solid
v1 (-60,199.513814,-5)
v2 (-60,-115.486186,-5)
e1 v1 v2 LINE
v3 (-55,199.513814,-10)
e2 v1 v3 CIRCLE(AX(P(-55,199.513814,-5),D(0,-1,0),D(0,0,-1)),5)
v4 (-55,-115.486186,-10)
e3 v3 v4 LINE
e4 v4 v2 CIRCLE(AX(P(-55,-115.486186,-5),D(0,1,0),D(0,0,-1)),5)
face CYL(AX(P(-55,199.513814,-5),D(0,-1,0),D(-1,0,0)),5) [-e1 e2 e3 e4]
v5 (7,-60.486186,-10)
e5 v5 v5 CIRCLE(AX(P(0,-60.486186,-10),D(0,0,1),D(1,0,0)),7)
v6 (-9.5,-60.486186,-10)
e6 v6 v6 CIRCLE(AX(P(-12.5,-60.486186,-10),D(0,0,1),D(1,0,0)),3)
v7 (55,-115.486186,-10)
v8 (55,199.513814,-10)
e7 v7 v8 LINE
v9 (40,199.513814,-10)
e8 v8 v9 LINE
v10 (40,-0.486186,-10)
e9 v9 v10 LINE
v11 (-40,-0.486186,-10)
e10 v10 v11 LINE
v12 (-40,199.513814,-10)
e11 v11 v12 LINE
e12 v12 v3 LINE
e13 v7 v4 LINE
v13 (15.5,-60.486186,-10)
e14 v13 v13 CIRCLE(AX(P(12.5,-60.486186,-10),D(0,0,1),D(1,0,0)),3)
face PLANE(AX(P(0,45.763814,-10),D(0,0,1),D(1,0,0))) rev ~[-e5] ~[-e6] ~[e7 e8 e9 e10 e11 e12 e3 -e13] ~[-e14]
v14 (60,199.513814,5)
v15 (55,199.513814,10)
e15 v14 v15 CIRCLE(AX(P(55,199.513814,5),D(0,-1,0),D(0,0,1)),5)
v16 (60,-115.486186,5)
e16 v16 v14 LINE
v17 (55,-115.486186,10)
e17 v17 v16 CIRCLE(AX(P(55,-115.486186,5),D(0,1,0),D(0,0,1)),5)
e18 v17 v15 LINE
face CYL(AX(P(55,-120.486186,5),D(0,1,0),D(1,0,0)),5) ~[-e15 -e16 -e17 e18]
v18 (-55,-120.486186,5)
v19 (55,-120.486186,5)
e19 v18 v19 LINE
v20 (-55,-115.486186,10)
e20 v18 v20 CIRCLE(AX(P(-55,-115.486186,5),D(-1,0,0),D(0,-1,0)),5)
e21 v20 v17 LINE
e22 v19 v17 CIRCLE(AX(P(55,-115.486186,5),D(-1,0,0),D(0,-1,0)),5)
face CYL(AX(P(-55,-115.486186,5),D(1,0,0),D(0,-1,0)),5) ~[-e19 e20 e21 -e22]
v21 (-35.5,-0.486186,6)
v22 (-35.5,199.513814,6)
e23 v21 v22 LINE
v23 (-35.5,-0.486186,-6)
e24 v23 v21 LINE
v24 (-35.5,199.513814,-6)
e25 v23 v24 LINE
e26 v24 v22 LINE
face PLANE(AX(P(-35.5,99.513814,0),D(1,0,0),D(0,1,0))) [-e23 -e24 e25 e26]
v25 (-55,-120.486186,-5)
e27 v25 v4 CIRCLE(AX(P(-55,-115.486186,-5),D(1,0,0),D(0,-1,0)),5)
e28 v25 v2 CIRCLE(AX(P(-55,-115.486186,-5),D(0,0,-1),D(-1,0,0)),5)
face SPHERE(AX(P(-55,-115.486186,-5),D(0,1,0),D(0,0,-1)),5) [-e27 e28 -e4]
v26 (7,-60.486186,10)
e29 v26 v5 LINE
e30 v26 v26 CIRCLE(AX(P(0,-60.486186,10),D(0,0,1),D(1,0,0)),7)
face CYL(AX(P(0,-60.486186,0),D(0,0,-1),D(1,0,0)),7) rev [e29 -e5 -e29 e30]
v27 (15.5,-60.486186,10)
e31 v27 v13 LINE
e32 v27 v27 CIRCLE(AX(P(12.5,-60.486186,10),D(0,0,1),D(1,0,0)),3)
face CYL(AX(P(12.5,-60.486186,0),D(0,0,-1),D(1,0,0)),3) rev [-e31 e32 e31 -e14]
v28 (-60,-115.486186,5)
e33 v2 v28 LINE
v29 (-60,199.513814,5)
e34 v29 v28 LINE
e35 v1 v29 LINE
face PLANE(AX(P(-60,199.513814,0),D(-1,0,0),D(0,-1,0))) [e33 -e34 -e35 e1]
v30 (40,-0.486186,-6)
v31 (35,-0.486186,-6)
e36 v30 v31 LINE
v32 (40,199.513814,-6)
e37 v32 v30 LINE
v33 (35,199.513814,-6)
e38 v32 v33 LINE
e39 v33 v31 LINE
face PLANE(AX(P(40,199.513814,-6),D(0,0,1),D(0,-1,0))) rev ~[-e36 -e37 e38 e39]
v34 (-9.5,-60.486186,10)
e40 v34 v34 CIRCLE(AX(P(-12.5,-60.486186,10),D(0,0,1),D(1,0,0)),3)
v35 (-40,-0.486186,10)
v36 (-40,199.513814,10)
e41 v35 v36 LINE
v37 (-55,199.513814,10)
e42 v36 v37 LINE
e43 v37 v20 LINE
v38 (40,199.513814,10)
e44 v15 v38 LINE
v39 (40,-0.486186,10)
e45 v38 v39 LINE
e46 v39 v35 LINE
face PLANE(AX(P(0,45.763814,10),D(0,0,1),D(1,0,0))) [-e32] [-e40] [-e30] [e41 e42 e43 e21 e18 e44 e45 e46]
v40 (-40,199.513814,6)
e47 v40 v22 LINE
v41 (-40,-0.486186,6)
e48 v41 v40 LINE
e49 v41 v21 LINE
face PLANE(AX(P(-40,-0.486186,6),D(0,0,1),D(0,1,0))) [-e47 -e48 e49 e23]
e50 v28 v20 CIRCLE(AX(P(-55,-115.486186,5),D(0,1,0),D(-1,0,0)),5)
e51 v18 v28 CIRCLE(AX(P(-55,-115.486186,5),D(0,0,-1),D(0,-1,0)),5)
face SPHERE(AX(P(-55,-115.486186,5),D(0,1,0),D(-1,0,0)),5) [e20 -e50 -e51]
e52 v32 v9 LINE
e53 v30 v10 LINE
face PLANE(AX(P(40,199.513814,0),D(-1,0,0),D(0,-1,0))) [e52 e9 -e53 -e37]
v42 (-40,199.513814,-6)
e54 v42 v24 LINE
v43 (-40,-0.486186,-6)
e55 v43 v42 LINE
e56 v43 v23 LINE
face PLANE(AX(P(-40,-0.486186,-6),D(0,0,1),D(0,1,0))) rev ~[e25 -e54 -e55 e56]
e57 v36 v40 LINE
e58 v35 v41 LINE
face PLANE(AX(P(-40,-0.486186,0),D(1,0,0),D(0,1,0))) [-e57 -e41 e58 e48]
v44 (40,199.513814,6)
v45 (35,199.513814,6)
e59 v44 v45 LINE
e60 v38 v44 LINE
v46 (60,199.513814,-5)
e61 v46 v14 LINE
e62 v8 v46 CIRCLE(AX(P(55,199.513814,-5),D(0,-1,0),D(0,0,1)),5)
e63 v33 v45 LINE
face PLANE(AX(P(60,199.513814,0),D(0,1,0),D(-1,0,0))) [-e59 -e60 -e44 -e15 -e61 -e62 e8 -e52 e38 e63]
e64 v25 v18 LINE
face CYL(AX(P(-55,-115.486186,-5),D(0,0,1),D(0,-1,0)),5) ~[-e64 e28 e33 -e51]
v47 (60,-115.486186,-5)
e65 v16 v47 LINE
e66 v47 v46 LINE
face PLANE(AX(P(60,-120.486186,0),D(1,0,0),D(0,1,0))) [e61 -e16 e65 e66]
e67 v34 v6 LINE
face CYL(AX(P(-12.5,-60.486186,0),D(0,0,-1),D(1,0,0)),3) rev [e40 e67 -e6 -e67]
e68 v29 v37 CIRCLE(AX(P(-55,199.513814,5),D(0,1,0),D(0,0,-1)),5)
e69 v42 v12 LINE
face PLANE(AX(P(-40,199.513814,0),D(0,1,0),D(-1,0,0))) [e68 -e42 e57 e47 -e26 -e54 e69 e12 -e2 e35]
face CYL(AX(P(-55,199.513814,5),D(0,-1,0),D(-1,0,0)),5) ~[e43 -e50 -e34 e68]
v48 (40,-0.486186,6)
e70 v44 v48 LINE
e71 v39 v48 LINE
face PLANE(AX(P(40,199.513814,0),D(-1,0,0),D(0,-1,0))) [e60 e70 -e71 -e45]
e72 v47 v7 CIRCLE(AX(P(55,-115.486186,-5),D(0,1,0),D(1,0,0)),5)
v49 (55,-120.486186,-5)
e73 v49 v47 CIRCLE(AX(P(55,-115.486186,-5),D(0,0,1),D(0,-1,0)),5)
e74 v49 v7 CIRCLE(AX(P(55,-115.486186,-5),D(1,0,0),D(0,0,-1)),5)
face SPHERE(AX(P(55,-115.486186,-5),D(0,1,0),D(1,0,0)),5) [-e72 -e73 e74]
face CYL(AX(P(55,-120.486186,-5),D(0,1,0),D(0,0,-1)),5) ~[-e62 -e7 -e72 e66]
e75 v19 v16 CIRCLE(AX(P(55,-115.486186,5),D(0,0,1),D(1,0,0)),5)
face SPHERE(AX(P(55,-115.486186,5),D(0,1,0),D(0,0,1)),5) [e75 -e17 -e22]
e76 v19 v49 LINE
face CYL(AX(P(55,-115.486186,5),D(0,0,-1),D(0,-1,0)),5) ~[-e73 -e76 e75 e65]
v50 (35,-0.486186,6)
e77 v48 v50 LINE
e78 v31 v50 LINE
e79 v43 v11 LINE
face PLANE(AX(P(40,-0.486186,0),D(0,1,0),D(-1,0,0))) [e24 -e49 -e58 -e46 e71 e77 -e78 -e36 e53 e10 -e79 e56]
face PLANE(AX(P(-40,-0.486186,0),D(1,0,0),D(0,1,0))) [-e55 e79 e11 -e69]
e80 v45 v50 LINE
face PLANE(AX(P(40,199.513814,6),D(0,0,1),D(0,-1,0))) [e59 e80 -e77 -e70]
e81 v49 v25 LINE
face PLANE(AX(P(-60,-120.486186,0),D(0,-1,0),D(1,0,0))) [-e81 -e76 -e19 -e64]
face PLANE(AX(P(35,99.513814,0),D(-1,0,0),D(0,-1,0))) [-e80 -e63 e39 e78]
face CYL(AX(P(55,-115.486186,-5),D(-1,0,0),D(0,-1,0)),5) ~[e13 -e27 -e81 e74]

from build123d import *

# Parameters (mm, degrees)
F0_R     = 3
F0_R_2   = 7
F1_DEPTH = 10
F2_W     = 200
F2_H     = 12
F3_DEPTH = 4.5
F4_W     = 200
F4_H     = 12
F5_DEPTH = 5
F6_R     = 5
F7_R     = 5
F8_R     = 5
F9_R     = 5
F10_R    = 5


with BuildPart() as f1:
    # F0 (on Top) → F1 (new body, symmetric)
    with BuildSketch(Plane.XY):
        Polygon((-40, 199.513814), (-60, 199.513814), (-60, -120.486186), (60, -120.486186), (60, 199.513814), (40, 199.513814), (40, -0.486186), (-40, -0.486186), align=None)
        with Locations((-12.5, -60.486186)):
            Circle(F0_R, mode=Mode.SUBTRACT)
        with Locations((0, -60.486186)):
            Circle(F0_R_2, mode=Mode.SUBTRACT)
        with Locations((12.5, -60.486186)):
            Circle(F0_R, mode=Mode.SUBTRACT)
    extrude(amount=F1_DEPTH, both=True)

    # F2 (on face) → F3 (join)
    with BuildSketch(Plane.YZ.offset(-40)):
        with Locations((99.513814, 0)):
            Rectangle(F2_W, F2_H)
    extrude(amount=F3_DEPTH)

    # F4 (on face) → F5 (join)
    with BuildSketch(Plane(origin=(40, 0, 0), x_dir=(0, -1, 0), z_dir=(-1, 0, 0))):
        with Locations((-99.513814, 0)):
            Rectangle(F4_W, F4_H)
    extrude(amount=F5_DEPTH)

    # F6
    f6_edges = [f1.edges().sort_by_distance(p)[0] for p in [
        (-60, 39.513814, 10),
    ]]
    fillet(f6_edges, radius=F6_R)

    # F7
    f7_edges = [f1.edges().sort_by_distance(p)[0] for p in [
        (-60, 39.513814, -10),
    ]]
    fillet(f7_edges, radius=F7_R)

    # F8
    f8_edges = [f1.edges().sort_by_distance(p)[0] for p in [
        (60, 39.513814, -10),
    ]]
    fillet(f8_edges, radius=F8_R)

    # F9
    f9_edges = [f1.edges().sort_by_distance(p)[0] for p in [
        (60, 39.513814, 10),
    ]]
    fillet(f9_edges, radius=F9_R)

    # F10
    f10_edges = [f1.edges().sort_by_distance(p)[0] for p in [
        (0, -120.486186, 10),
    ]]
    fillet(f10_edges, radius=F10_R)


solid = f1.part
